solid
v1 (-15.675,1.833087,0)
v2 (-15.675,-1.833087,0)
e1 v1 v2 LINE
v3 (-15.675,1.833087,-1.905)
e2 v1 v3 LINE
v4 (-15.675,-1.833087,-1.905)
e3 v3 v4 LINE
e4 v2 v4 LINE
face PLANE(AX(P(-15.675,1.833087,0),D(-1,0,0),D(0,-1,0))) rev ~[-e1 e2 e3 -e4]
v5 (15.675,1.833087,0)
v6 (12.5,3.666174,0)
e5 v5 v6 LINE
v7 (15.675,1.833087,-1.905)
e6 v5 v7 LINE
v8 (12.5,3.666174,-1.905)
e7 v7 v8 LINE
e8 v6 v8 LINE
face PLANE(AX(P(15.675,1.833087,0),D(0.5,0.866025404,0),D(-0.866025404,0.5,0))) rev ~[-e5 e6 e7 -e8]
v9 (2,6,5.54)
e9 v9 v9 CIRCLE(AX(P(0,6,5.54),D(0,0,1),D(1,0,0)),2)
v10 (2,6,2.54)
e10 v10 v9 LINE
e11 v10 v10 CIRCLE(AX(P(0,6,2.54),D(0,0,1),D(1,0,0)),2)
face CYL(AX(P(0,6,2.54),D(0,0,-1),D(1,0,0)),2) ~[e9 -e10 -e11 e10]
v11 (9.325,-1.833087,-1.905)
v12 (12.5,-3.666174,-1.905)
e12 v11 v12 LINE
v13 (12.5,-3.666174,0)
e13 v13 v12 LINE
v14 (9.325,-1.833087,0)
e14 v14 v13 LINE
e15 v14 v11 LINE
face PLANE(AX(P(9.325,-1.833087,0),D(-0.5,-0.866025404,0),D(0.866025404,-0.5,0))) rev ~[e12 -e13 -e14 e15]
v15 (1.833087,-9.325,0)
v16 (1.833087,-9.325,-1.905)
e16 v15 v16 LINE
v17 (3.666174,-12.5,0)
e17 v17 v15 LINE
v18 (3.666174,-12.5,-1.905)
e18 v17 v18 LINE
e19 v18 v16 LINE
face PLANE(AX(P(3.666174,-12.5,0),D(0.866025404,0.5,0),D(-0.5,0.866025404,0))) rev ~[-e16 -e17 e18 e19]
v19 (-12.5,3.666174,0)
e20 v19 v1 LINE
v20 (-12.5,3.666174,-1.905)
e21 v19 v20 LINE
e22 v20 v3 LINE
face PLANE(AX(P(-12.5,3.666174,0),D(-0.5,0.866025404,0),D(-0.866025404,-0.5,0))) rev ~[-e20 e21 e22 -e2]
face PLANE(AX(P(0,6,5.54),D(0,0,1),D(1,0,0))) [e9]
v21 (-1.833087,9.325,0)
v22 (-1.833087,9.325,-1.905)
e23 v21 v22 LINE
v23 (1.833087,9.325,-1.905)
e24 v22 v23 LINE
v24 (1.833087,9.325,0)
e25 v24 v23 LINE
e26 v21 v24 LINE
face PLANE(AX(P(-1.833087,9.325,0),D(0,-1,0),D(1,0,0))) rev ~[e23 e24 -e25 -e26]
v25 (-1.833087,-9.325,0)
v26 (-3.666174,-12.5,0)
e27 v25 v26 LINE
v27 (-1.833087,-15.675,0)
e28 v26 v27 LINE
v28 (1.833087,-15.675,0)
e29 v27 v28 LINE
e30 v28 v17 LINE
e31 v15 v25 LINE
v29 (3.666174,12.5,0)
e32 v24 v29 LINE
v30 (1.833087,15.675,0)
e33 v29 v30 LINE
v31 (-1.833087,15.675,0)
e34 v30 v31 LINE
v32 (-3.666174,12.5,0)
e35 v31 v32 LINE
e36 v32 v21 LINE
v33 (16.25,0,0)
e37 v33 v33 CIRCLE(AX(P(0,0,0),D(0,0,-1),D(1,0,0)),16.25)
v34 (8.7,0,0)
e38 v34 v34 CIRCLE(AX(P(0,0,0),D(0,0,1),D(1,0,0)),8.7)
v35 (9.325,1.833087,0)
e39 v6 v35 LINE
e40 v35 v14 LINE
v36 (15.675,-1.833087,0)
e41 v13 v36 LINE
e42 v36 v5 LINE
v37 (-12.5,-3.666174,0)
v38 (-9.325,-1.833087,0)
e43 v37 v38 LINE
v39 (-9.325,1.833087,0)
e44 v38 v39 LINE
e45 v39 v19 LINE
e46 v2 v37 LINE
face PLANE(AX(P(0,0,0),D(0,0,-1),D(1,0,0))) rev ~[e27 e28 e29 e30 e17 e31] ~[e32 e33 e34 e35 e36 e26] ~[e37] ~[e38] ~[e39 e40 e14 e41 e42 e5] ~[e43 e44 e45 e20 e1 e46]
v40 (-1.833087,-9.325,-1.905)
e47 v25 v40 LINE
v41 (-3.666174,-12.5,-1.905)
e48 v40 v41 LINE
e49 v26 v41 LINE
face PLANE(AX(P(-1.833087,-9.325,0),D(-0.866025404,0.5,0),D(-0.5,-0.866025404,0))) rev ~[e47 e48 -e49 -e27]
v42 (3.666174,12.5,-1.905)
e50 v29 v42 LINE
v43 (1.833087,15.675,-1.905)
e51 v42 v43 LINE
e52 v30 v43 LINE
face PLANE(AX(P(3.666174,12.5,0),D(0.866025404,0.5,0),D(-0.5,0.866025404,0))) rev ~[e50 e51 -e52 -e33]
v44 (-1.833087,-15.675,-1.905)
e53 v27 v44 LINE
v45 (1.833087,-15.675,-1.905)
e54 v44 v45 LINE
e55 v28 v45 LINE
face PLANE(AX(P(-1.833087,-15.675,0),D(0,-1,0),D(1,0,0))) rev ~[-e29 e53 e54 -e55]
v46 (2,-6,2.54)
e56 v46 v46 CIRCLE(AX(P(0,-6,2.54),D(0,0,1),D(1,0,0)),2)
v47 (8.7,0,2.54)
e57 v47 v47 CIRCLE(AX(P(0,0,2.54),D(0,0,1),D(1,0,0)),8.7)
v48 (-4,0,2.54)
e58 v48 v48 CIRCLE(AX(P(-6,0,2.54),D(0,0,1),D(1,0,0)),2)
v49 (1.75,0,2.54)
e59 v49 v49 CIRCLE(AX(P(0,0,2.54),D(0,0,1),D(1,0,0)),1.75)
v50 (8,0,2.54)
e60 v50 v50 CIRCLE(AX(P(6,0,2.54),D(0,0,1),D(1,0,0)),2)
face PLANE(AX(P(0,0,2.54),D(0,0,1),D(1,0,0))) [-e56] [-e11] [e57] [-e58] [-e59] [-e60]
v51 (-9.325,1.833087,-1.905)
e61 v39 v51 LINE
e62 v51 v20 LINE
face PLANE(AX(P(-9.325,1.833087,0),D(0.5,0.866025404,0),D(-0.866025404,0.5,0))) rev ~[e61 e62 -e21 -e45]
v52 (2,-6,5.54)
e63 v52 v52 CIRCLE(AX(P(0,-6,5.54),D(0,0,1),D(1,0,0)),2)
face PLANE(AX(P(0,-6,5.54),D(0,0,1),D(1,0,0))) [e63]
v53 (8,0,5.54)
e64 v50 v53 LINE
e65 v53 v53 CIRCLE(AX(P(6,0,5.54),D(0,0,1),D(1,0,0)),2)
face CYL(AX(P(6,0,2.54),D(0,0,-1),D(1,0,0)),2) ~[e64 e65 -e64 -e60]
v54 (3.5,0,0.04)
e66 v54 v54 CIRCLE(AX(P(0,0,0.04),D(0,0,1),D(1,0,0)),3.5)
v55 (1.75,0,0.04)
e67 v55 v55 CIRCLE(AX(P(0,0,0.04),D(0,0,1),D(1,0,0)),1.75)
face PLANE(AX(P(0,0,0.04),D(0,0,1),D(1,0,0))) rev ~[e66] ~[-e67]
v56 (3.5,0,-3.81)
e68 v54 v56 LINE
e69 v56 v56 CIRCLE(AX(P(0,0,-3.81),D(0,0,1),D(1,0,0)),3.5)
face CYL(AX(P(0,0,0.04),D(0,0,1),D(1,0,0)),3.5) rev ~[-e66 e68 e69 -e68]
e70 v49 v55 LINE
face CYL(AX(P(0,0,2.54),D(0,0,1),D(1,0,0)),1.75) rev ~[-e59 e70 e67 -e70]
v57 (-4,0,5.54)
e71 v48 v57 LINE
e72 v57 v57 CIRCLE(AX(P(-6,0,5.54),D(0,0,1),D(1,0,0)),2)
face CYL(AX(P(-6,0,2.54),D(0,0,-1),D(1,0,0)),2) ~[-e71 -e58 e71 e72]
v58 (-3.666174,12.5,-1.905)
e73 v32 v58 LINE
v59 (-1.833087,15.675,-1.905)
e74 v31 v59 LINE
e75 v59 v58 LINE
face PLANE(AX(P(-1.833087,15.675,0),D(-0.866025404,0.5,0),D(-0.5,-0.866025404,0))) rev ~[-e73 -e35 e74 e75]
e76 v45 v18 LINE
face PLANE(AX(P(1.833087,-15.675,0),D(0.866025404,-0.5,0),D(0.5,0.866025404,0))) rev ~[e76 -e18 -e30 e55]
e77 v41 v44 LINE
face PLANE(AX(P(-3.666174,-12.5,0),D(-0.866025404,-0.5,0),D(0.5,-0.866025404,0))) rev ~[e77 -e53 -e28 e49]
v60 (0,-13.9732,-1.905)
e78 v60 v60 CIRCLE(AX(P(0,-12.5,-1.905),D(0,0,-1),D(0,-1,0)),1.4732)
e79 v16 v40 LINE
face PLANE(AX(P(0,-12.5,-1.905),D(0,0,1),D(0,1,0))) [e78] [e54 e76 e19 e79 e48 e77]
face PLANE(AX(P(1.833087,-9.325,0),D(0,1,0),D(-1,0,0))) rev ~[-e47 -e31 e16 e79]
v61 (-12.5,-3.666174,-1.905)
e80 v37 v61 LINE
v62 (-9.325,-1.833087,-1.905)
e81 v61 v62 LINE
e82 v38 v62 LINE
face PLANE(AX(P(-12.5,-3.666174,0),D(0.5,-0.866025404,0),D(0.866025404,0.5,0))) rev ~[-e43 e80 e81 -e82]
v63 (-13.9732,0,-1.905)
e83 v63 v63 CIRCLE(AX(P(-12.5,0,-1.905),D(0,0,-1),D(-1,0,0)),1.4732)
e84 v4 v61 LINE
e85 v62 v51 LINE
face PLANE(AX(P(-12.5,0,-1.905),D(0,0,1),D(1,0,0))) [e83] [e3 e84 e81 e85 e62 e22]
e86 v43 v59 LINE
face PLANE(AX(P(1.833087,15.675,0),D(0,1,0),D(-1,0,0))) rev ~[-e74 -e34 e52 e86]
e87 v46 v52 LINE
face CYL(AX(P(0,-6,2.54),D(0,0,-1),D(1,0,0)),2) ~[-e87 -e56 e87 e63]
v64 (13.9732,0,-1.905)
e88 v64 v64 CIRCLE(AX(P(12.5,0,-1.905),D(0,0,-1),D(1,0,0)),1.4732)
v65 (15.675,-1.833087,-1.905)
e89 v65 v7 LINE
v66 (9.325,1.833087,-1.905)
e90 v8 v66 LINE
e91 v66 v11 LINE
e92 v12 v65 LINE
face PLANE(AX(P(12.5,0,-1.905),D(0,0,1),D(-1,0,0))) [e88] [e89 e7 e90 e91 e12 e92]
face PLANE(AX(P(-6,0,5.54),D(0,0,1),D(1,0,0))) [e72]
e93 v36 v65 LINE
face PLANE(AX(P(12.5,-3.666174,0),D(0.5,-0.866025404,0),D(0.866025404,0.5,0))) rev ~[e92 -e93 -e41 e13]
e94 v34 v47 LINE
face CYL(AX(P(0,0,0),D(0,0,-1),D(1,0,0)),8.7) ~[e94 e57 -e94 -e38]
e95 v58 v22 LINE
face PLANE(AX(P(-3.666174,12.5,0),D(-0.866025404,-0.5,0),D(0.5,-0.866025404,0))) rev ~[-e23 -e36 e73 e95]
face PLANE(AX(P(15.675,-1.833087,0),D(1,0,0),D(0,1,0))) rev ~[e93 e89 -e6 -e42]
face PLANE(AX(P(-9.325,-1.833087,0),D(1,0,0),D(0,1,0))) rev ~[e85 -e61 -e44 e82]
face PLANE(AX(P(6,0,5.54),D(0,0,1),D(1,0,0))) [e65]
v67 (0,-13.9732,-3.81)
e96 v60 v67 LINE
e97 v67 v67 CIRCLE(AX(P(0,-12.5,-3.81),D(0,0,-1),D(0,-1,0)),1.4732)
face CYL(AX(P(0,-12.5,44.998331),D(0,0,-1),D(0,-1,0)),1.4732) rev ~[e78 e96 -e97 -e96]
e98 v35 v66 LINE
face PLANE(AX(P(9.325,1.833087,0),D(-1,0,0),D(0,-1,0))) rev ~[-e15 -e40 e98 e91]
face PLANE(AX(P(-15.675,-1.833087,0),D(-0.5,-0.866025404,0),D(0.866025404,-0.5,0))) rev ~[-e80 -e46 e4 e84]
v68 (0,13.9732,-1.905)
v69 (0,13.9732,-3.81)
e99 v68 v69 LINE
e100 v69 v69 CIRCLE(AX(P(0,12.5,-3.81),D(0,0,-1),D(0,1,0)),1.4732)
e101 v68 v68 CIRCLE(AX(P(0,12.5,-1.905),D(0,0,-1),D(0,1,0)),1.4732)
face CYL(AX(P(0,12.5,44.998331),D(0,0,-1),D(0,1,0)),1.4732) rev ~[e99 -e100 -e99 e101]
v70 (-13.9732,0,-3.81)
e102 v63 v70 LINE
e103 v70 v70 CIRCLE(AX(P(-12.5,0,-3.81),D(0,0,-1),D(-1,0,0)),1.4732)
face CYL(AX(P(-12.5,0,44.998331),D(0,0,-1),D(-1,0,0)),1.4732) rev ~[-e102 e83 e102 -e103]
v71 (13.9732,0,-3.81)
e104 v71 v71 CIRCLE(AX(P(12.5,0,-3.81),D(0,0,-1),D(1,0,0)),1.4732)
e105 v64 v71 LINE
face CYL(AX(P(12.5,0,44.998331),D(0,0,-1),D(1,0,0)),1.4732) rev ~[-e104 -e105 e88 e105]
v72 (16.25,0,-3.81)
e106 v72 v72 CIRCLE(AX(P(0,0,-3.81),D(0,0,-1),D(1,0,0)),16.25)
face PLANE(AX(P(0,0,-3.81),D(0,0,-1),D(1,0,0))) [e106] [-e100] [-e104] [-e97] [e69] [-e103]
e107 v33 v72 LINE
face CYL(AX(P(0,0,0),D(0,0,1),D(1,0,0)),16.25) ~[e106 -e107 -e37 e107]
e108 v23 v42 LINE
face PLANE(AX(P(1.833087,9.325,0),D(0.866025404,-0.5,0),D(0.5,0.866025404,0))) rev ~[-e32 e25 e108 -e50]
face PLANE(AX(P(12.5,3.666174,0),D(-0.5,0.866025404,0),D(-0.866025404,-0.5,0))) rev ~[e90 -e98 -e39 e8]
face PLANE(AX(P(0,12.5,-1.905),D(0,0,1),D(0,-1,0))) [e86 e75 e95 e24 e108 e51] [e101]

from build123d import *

# Parameters (mm, degrees)
SKETCH1_R             = 8.7
BOSS_EXTRUDE1_DEPTH   = 2.54
SKETCH2_R             = 2
BOSS_EXTRUDE2_DEPTH   = 3
SKETCH3_R             = 16.25
BOSS_EXTRUDE3_DEPTH   = 3.81
CUT_EXTRUDE1_DEPTH    = 1.905
F_4_CLEARANCE_HOLE1_D = 2.9464
CIRPATTERN1_COUNT     = 4
SKETCH8_R             = 1.75
CUT_EXTRUDE2_DEPTH    = 2.5
SKETCH9_R             = 3.5
CUT_EXTRUDE3_DEPTH    = 24.629959797


with BuildPart() as part:
    # Sketch1 → Boss-Extrude1 (new body)
    with BuildSketch(Plane.XY):
        Circle(SKETCH1_R)
    extrude(amount=BOSS_EXTRUDE1_DEPTH)

    # Sketch2 → Boss-Extrude2 (add)
    with BuildSketch(Plane.XY.offset(2.54)):
        with Locations((0, 6)):
            Circle(SKETCH2_R)
        with Locations((6, 0)):
            Circle(SKETCH2_R)
        with Locations((0, -6)):
            Circle(SKETCH2_R)
        with Locations((-6, 0)):
            Circle(SKETCH2_R)
    extrude(amount=BOSS_EXTRUDE2_DEPTH)

    # Sketch3 → Boss-Extrude3 (add)
    with BuildSketch(Plane(origin=(0, 0, 0), x_dir=(-1, 0, 0), z_dir=(0, 0, -1))):
        with Locations(Location((0, 0, 0), (0, 0, 180))):
            Circle(SKETCH3_R)
    extrude(amount=BOSS_EXTRUDE3_DEPTH)

    # Sketch4 → Cut-Extrude1 (cut)
    with BuildSketch(Plane.XY):
        Polygon((-12.5, 3.666174209), (-15.675, 1.833087105), (-15.675, -1.833087105), (-12.5, -3.666174209), (-9.325, -1.833087105), (-9.325, 1.833087105), align=None)
    cut_extrude1 = extrude(amount=-CUT_EXTRUDE1_DEPTH, mode=Mode.SUBTRACT)

    # #4 Clearance Hole1 (through all)
    with Locations(Plane.XY.offset(-1.905)):
        with Locations((-12.5, 0)):
            f_4_clearance_hole1 = Hole(F_4_CLEARANCE_HOLE1_D / 2)

    # CirPattern1: Cut-Extrude1, #4 Clearance Hole1 ×4 about axis
    cirpattern1_axis = Axis((0, 0, 0), (0, 0, 1))
    add([cut_extrude1.rotate(cirpattern1_axis, i * 360 / CIRPATTERN1_COUNT) for i in range(1, CIRPATTERN1_COUNT)], mode=Mode.SUBTRACT)
    add([f_4_clearance_hole1.rotate(cirpattern1_axis, i * 360 / CIRPATTERN1_COUNT) for i in range(1, CIRPATTERN1_COUNT)], mode=Mode.SUBTRACT)

    # Sketch8 → Cut-Extrude2 (cut)
    with BuildSketch(Plane.XY.offset(2.54)):
        Circle(SKETCH8_R)
    extrude(amount=-CUT_EXTRUDE2_DEPTH, mode=Mode.SUBTRACT)

    # Sketch9 → Cut-Extrude3 (cut, through all)
    with BuildSketch(Plane.XY.offset(0.04)):
        Circle(SKETCH9_R)
    extrude(amount=-CUT_EXTRUDE3_DEPTH, mode=Mode.SUBTRACT)


solid = part.part
